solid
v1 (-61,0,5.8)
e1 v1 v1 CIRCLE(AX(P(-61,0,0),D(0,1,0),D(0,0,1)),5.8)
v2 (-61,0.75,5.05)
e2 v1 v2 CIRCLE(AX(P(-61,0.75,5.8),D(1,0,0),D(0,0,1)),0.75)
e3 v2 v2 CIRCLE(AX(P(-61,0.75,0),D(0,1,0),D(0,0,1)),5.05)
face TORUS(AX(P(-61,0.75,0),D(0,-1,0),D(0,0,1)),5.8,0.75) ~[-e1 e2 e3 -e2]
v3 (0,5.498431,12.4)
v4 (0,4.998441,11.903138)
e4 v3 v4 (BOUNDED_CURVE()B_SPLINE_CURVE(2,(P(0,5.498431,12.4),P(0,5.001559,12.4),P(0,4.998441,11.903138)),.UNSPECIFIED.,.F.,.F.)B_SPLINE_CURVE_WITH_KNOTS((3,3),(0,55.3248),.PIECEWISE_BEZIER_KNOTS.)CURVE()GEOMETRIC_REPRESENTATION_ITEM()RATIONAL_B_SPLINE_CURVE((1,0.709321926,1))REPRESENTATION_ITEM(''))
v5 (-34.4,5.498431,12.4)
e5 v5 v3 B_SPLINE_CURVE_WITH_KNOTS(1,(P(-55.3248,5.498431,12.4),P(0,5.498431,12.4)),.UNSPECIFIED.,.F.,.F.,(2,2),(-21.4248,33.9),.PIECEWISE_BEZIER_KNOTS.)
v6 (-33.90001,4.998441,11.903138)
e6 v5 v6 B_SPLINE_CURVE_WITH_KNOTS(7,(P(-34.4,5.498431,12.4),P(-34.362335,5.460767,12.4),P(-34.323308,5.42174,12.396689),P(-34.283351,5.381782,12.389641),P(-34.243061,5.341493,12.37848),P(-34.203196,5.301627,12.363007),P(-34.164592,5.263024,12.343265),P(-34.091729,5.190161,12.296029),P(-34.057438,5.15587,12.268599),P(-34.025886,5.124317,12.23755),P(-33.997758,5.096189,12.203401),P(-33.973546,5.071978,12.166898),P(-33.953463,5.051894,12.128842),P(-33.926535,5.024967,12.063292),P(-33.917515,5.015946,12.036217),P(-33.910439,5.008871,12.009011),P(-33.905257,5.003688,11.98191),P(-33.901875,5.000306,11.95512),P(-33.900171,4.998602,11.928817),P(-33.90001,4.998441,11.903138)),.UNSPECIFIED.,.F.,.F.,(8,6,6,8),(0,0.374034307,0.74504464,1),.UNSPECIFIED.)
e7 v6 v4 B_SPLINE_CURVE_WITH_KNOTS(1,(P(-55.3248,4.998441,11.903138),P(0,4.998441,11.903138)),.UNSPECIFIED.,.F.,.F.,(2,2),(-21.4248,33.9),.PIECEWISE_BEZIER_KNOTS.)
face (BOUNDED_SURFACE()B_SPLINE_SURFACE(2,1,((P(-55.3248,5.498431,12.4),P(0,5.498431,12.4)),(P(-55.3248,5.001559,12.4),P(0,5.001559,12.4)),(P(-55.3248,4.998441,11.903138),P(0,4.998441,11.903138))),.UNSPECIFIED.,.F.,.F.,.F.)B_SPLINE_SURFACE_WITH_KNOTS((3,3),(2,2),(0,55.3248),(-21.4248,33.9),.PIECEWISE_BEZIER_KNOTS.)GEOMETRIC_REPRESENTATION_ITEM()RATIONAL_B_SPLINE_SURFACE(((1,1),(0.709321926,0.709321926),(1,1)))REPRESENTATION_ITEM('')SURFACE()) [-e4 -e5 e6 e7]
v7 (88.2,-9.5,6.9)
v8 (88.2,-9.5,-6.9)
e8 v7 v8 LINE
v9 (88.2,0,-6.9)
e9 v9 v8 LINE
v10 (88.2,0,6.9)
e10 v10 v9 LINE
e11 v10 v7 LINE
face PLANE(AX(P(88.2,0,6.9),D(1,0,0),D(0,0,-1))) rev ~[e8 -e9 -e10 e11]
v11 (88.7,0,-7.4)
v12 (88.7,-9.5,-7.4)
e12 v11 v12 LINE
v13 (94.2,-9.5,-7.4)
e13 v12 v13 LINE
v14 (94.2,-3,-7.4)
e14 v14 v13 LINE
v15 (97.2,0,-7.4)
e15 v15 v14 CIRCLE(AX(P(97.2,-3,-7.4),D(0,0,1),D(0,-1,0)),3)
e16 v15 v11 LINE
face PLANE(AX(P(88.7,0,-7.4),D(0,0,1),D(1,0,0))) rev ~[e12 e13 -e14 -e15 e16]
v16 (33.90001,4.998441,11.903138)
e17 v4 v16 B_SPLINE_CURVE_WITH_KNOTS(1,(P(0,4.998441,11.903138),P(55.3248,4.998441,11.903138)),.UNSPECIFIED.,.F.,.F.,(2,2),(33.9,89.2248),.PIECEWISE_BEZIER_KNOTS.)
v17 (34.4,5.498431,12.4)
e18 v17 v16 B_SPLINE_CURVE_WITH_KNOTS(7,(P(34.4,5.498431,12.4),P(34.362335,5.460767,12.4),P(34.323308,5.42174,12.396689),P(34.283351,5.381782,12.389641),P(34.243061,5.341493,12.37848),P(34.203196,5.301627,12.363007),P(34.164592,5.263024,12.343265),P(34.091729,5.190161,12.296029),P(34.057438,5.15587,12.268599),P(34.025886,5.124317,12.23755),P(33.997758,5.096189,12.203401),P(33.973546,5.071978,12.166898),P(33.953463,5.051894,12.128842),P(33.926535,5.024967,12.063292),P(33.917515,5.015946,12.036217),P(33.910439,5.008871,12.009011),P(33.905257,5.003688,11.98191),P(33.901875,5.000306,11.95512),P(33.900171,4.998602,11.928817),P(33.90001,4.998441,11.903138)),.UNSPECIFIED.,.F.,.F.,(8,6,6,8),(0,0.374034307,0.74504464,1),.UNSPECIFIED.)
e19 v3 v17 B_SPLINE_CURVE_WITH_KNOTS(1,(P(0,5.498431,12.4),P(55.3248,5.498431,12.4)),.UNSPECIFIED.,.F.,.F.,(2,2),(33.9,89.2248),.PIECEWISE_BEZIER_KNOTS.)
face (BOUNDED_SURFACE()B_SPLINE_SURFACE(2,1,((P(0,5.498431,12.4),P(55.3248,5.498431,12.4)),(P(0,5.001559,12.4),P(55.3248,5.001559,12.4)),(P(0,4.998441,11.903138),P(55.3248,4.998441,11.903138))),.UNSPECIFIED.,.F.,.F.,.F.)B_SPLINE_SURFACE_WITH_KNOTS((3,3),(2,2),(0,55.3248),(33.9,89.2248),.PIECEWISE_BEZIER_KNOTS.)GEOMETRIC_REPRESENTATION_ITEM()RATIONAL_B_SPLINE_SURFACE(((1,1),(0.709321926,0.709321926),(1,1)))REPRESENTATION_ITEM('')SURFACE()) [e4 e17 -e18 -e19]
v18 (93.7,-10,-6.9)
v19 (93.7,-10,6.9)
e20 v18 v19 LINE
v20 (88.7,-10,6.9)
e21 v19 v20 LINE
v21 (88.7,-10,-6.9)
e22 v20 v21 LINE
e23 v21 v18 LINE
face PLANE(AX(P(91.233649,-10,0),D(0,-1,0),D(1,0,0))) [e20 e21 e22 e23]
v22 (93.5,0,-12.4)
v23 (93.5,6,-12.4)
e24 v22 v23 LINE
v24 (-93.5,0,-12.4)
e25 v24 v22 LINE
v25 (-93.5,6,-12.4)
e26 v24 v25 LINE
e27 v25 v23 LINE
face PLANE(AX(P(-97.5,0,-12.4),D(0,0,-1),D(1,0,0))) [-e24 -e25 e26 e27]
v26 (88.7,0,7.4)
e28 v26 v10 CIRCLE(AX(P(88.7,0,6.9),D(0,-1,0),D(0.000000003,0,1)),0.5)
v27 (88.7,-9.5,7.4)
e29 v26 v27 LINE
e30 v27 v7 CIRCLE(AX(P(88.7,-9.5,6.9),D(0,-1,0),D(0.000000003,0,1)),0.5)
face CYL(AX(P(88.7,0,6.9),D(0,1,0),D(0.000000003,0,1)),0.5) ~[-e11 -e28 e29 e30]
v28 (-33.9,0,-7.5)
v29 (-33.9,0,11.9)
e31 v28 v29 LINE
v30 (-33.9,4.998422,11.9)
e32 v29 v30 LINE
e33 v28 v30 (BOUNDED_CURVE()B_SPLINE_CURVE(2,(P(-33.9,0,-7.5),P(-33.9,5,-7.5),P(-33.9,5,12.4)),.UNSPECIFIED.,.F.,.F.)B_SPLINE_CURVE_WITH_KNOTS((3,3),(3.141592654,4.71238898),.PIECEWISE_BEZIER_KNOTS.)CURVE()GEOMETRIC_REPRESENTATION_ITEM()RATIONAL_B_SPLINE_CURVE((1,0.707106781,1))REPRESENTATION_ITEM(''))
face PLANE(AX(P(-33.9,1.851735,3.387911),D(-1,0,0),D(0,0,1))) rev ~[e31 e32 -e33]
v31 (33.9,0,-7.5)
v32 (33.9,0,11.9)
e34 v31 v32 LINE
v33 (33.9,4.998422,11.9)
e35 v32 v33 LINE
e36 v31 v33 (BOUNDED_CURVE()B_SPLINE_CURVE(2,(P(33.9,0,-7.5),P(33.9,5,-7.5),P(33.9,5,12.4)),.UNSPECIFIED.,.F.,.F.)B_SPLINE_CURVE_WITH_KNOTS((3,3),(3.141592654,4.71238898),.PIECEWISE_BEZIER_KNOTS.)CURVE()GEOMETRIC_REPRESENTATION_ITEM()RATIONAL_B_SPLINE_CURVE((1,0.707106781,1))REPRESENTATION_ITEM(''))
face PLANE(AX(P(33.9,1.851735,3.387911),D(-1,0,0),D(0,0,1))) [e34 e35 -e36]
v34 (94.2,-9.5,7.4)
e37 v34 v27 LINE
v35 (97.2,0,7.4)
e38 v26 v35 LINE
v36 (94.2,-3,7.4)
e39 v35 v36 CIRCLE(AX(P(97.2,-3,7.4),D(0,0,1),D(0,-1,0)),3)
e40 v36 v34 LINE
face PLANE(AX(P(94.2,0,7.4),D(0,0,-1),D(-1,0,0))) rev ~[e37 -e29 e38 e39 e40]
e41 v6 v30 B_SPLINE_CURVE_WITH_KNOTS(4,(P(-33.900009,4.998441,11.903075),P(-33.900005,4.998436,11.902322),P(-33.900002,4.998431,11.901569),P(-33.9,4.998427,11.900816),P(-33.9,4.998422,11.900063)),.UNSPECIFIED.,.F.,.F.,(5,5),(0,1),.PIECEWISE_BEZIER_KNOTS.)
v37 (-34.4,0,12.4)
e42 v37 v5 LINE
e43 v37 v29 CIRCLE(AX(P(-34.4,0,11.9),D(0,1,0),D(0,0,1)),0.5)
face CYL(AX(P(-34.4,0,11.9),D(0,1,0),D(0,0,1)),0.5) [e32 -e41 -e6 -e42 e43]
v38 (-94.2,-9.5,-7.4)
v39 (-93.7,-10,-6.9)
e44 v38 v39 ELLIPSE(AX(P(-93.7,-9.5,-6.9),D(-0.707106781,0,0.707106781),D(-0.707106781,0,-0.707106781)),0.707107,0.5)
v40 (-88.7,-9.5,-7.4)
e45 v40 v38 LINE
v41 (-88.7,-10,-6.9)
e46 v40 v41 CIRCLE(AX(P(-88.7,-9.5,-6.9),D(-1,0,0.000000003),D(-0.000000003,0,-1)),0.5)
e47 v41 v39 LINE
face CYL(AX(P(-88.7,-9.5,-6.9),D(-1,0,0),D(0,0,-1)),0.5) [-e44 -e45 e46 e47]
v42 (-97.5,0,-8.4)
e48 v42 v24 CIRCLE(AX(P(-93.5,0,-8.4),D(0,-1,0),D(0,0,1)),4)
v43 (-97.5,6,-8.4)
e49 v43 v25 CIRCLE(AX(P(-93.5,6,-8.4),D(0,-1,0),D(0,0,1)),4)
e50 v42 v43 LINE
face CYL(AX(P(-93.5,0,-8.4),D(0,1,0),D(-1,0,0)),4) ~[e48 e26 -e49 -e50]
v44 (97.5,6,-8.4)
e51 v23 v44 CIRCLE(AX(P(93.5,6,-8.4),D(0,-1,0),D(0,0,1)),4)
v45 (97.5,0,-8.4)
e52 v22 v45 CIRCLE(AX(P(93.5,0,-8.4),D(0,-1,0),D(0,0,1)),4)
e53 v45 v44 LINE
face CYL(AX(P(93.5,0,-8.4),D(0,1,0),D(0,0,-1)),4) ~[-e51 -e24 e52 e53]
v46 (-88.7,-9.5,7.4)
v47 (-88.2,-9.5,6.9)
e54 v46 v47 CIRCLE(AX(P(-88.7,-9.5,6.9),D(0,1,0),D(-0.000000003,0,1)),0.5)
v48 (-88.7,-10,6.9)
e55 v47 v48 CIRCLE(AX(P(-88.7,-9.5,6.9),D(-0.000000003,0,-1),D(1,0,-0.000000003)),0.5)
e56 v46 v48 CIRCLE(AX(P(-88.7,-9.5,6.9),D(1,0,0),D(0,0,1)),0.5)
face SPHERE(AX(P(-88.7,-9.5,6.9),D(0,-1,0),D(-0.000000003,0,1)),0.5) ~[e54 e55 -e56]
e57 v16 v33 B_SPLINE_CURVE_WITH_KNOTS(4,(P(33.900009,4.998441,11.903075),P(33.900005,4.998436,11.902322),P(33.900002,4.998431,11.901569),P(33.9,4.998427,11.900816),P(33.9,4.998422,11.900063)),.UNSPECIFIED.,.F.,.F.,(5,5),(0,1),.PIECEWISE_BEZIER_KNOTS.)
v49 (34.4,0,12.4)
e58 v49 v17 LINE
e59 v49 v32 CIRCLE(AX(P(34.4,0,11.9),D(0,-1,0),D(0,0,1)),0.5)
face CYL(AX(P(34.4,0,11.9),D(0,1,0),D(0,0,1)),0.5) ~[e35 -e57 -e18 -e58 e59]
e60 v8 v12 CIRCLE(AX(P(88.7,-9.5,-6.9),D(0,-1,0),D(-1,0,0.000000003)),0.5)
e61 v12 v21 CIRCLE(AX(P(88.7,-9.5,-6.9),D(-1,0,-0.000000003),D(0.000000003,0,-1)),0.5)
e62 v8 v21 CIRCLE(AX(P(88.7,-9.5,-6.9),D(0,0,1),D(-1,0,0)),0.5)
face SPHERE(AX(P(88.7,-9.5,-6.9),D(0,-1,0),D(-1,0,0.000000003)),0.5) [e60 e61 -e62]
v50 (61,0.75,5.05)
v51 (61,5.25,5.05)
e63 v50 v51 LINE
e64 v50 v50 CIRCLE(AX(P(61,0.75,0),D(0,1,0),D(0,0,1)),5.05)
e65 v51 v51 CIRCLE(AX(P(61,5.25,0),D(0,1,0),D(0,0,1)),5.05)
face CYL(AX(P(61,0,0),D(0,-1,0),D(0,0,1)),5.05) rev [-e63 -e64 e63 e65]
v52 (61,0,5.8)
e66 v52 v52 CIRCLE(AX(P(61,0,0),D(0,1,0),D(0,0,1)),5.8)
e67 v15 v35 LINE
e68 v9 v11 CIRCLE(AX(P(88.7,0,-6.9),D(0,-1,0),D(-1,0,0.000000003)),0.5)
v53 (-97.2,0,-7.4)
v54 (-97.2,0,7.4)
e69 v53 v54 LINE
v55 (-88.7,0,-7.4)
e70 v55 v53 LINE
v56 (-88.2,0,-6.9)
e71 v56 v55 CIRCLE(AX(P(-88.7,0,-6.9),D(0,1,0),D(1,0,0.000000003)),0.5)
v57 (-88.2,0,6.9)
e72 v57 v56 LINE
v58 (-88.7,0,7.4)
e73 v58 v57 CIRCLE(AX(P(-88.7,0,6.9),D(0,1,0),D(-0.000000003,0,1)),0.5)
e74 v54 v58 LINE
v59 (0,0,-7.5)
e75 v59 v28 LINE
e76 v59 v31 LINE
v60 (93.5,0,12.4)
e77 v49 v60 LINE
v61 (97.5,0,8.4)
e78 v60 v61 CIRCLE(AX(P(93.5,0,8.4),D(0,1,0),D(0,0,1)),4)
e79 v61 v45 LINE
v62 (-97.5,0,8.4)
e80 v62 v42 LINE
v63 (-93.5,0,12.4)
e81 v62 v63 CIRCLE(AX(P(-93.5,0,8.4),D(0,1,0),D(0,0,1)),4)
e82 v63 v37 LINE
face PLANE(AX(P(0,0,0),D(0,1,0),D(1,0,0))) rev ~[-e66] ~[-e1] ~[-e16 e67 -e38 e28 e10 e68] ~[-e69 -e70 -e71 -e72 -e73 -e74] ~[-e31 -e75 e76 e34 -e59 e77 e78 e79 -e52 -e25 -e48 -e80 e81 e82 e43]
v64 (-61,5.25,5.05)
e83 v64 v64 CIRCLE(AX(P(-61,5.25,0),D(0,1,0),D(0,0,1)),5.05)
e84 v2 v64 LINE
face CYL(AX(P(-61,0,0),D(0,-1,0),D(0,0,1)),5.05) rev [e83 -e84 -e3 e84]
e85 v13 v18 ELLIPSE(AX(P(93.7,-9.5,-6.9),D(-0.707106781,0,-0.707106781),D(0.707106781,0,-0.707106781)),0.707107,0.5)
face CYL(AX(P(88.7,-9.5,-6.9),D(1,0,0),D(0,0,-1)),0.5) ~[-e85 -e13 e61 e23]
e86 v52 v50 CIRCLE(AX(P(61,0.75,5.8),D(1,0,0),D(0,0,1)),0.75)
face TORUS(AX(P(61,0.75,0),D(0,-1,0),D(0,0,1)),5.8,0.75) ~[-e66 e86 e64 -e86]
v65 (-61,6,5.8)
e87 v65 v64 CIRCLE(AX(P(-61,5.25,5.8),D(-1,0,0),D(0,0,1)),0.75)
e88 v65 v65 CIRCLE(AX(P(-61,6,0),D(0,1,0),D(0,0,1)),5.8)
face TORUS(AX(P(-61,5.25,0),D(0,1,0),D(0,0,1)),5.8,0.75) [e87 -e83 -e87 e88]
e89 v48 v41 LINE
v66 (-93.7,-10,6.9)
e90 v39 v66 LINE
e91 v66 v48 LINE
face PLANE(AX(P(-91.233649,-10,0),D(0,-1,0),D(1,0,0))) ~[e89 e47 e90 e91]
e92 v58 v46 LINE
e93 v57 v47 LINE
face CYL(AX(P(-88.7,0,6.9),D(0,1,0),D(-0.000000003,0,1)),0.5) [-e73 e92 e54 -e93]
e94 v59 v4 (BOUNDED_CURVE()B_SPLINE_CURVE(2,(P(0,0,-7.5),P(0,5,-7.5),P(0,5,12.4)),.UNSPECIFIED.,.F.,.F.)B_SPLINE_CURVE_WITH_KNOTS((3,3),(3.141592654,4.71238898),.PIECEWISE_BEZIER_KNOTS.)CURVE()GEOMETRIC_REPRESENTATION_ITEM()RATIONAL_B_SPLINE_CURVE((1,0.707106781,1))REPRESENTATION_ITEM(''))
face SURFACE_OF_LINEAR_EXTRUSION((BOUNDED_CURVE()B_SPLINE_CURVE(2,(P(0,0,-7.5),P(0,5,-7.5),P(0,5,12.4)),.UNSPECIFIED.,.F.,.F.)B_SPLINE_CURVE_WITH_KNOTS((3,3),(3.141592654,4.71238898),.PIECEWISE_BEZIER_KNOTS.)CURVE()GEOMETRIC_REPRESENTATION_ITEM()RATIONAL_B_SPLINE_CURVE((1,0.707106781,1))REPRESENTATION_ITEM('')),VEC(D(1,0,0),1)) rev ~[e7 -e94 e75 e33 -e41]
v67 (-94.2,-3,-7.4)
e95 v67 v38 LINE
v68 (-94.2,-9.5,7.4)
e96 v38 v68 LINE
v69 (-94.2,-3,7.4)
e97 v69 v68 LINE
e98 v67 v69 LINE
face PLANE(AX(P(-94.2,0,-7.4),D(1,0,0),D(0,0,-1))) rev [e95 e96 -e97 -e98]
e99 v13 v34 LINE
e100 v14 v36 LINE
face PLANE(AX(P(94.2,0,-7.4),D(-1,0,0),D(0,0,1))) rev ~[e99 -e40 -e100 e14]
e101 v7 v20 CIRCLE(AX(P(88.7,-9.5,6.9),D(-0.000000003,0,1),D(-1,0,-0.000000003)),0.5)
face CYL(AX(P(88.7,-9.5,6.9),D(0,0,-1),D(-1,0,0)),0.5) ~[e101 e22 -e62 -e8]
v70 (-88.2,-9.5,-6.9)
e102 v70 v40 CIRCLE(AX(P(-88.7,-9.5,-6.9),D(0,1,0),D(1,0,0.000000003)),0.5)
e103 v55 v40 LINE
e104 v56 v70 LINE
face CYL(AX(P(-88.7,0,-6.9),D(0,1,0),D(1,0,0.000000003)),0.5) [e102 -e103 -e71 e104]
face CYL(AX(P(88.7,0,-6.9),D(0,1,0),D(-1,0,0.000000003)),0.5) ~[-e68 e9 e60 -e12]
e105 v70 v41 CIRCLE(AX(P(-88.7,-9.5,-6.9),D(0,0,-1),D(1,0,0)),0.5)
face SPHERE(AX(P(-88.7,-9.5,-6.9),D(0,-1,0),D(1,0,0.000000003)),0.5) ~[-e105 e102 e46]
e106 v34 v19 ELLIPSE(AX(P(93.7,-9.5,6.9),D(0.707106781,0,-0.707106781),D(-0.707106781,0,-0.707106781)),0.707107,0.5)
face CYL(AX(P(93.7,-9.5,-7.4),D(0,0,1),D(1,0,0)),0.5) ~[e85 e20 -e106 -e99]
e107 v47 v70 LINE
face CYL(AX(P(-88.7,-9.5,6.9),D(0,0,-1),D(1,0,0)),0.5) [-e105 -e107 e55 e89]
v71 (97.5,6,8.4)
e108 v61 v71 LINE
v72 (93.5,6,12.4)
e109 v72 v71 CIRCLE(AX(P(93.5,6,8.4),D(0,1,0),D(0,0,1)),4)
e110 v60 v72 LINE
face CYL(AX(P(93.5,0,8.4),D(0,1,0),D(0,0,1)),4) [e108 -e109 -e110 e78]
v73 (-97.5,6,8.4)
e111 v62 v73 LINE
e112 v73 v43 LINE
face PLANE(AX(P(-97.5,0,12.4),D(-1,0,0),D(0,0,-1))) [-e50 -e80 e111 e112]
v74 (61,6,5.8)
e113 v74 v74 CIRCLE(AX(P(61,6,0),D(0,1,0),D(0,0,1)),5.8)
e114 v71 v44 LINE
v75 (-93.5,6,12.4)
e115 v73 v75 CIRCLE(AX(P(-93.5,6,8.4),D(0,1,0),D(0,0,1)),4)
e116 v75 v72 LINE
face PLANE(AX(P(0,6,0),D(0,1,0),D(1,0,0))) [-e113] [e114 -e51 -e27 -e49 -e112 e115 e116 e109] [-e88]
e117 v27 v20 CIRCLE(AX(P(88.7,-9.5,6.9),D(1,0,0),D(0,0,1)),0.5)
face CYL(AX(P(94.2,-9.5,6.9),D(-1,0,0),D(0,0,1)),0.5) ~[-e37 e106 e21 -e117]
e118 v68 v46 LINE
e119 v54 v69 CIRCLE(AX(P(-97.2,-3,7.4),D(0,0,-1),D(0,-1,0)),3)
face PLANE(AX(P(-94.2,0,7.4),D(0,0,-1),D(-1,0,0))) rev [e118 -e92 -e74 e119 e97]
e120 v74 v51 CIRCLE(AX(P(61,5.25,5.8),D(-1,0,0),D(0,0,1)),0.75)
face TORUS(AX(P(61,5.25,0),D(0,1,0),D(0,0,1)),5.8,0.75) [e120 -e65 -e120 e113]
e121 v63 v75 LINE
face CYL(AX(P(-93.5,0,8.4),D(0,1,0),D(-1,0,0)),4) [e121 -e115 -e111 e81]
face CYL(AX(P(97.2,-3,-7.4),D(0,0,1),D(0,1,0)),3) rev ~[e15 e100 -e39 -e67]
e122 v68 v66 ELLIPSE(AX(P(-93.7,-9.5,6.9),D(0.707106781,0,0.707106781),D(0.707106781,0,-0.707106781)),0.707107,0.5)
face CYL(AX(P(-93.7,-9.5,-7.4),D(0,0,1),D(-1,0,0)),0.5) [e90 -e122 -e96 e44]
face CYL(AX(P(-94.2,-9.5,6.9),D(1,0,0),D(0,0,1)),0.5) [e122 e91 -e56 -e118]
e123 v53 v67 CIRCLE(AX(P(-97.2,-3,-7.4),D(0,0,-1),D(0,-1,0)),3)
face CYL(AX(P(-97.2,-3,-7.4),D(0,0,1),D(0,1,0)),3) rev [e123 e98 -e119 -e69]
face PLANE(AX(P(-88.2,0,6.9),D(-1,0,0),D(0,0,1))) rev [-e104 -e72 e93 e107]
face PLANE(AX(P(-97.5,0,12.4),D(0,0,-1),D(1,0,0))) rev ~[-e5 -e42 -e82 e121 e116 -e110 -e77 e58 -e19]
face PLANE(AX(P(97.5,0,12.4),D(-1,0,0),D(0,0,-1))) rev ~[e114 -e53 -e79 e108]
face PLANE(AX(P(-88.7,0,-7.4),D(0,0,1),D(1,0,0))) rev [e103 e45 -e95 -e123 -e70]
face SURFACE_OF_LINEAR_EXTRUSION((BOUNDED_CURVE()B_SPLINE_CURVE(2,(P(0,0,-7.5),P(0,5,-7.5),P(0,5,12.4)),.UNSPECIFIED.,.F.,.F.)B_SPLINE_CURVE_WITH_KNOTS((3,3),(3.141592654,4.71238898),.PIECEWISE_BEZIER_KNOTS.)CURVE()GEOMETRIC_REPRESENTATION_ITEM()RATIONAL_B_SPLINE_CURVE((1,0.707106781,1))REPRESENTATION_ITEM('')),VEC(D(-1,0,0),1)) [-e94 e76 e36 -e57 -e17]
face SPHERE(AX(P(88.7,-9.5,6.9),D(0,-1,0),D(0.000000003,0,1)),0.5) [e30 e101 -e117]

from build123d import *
from OCP.BRepFilletAPI import BRepFilletAPI_MakeFillet

# Parameters (mm, degrees)
SKETCH1_W             = 195
SKETCH1_H             = 24.8
SKETCH1_R             = 5.05
BOSS_EXTRUDE1_DEPTH   = 6
CUT_EXTRUDE1_DEPTH    = 33.9
FILLET1_R1            = 0.75
FILLET1_R2            = 4
FILLET1_R3            = 0.5
BOSS_EXTRUDE2_DEPTH   = 10
FILLET2_R1            = 3
FILLET2_R2            = 0.5
FILLET2_OF_MIRROR1_R1 = 3
FILLET2_OF_MIRROR1_R2 = 0.5


with BuildPart() as part:
    # Sketch1 → Boss-Extrude1 (new body)
    with BuildSketch(Plane(origin=(0, 0, 0), x_dir=(1, 0, 0), z_dir=(0, 1, 0))):
        Rectangle(SKETCH1_W, SKETCH1_H)
        with Locations(Location((-61, 0, 0), (0, 0, 270))):
            Circle(SKETCH1_R, mode=Mode.SUBTRACT)
        with Locations(Location((61, 0, 0), (0, 0, 270))):
            Circle(SKETCH1_R, mode=Mode.SUBTRACT)
    extrude(amount=BOSS_EXTRUDE1_DEPTH)

    # Sketch2 → Cut-Extrude1 (cut, symmetric)
    with BuildSketch(Plane(origin=(0, 0, 0), x_dir=(0, 0, -1), z_dir=(1, 0, 0))):
        with BuildLine():
            Line((-12.4, 0), (-12.4, 5))
            add(Edge.make_bspline(
                [(7.5, 0), (7.5, 5), (-12.4, 5)],
                knots=[3.141592654, 3.141592654, 3.141592654, 4.71238898, 4.71238898, 4.71238898], degree=2, weights=[1, 0.707106781, 1]))
            Line((7.5, 0), (-12.4, 0))
        make_face()
    extrude(amount=CUT_EXTRUDE1_DEPTH, both=True, mode=Mode.SUBTRACT)

    # Fillet1: one fillet with a radius per group of edges: ONE call of the kernel's fillet builder (fillet() takes one radius for all edges)
    fillet1_edges_1 = [part.edges().sort_by_distance(p)[0] for p in [
        (-61, 0, -5.05),
        (-61, 6, -5.05),
        (61, 0, -5.05),
        (61, 6, -5.05),
    ]]
    fillet1_edges_2 = [part.edges().sort_by_distance(p)[0] for p in [
        (97.5, 3, 12.4),
        (-97.5, 3, 12.4),
        (-97.5, 3, -12.4),
        (97.5, 3, -12.4),
    ]]
    fillet1_edges_3 = [part.edges().sort_by_distance(p)[0] for p in [
        (-33.9, 2.5, 12.4),
        (16.95, 5, 12.4),
        (33.9, 2.5, 12.4),
    ]]
    fillet1 = BRepFilletAPI_MakeFillet(part.part.solid().wrapped)
    for e in fillet1_edges_1:
        fillet1.Add(FILLET1_R1, e.wrapped)
    for e in fillet1_edges_2:
        fillet1.Add(FILLET1_R2, e.wrapped)
    for e in fillet1_edges_3:
        fillet1.Add(FILLET1_R3, e.wrapped)
    add(Compound.cast(fillet1.Shape()), mode=Mode.REPLACE)

    # Sketch3 → Boss-Extrude2 (add)
    with BuildSketch(Plane.XZ):
        with BuildLine():
            Line((88.7, -7.4), (94.2, -7.4))
            Line((94.2, -7.4), (94.2, 7.4))
            Line((94.2, 7.4), (88.7, 7.4))
            ThreePointArc((88.7, 7.4), (88.346446609, 7.253553391), (88.2, 6.9))
            Line((88.2, 6.9), (88.2, -6.9))
            ThreePointArc((88.2, -6.9), (88.346446609, -7.253553391), (88.7, -7.4))
        make_face()
    boss_extrude2 = extrude(amount=BOSS_EXTRUDE2_DEPTH)

    # Fillet2: one fillet with a radius per group of edges: ONE call of the kernel's fillet builder (fillet() takes one radius for all edges)
    fillet2_edges_1 = [part.edges().sort_by_distance(p)[0] for p in [
        (94.2, 0, 0),
    ]]
    fillet2_edges_2 = [part.edges().sort_by_distance(p)[0] for p in [
        (91.45, -10, -7.4),
        (94.2, -10, 0),
    ]]
    fillet2 = BRepFilletAPI_MakeFillet(part.part.solid().wrapped)
    for e in fillet2_edges_1:
        fillet2.Add(FILLET2_R1, e.wrapped)
    for e in fillet2_edges_2:
        fillet2.Add(FILLET2_R2, e.wrapped)
    add(Compound.cast(fillet2.Shape()), mode=Mode.REPLACE)

    # Mirror1: Boss-Extrude2 across plane
    add(boss_extrude2.mirror(Plane(origin=(0, 0, 0), x_dir=(0, 0, 1), z_dir=(1, 0, 0))))

    # Fillet2 of Mirror1: one fillet with a radius per group of edges: ONE call of the kernel's fillet builder (fillet() takes one radius for all edges)
    fillet2_of_mirror1_edges_1 = [part.edges().sort_by_distance(p)[0] for p in [
        (-94.2, 0, 0),
    ]]
    fillet2_of_mirror1_edges_2 = [part.edges().sort_by_distance(p)[0] for p in [
        (-91.45, -10, -7.4),
        (-94.2, -10, 0),
    ]]
    fillet2_of_mirror1 = BRepFilletAPI_MakeFillet(part.part.solid().wrapped)
    for e in fillet2_of_mirror1_edges_1:
        fillet2_of_mirror1.Add(FILLET2_OF_MIRROR1_R1, e.wrapped)
    for e in fillet2_of_mirror1_edges_2:
        fillet2_of_mirror1.Add(FILLET2_OF_MIRROR1_R2, e.wrapped)
    add(Compound.cast(fillet2_of_mirror1.Shape()), mode=Mode.REPLACE)


solid = part.part
